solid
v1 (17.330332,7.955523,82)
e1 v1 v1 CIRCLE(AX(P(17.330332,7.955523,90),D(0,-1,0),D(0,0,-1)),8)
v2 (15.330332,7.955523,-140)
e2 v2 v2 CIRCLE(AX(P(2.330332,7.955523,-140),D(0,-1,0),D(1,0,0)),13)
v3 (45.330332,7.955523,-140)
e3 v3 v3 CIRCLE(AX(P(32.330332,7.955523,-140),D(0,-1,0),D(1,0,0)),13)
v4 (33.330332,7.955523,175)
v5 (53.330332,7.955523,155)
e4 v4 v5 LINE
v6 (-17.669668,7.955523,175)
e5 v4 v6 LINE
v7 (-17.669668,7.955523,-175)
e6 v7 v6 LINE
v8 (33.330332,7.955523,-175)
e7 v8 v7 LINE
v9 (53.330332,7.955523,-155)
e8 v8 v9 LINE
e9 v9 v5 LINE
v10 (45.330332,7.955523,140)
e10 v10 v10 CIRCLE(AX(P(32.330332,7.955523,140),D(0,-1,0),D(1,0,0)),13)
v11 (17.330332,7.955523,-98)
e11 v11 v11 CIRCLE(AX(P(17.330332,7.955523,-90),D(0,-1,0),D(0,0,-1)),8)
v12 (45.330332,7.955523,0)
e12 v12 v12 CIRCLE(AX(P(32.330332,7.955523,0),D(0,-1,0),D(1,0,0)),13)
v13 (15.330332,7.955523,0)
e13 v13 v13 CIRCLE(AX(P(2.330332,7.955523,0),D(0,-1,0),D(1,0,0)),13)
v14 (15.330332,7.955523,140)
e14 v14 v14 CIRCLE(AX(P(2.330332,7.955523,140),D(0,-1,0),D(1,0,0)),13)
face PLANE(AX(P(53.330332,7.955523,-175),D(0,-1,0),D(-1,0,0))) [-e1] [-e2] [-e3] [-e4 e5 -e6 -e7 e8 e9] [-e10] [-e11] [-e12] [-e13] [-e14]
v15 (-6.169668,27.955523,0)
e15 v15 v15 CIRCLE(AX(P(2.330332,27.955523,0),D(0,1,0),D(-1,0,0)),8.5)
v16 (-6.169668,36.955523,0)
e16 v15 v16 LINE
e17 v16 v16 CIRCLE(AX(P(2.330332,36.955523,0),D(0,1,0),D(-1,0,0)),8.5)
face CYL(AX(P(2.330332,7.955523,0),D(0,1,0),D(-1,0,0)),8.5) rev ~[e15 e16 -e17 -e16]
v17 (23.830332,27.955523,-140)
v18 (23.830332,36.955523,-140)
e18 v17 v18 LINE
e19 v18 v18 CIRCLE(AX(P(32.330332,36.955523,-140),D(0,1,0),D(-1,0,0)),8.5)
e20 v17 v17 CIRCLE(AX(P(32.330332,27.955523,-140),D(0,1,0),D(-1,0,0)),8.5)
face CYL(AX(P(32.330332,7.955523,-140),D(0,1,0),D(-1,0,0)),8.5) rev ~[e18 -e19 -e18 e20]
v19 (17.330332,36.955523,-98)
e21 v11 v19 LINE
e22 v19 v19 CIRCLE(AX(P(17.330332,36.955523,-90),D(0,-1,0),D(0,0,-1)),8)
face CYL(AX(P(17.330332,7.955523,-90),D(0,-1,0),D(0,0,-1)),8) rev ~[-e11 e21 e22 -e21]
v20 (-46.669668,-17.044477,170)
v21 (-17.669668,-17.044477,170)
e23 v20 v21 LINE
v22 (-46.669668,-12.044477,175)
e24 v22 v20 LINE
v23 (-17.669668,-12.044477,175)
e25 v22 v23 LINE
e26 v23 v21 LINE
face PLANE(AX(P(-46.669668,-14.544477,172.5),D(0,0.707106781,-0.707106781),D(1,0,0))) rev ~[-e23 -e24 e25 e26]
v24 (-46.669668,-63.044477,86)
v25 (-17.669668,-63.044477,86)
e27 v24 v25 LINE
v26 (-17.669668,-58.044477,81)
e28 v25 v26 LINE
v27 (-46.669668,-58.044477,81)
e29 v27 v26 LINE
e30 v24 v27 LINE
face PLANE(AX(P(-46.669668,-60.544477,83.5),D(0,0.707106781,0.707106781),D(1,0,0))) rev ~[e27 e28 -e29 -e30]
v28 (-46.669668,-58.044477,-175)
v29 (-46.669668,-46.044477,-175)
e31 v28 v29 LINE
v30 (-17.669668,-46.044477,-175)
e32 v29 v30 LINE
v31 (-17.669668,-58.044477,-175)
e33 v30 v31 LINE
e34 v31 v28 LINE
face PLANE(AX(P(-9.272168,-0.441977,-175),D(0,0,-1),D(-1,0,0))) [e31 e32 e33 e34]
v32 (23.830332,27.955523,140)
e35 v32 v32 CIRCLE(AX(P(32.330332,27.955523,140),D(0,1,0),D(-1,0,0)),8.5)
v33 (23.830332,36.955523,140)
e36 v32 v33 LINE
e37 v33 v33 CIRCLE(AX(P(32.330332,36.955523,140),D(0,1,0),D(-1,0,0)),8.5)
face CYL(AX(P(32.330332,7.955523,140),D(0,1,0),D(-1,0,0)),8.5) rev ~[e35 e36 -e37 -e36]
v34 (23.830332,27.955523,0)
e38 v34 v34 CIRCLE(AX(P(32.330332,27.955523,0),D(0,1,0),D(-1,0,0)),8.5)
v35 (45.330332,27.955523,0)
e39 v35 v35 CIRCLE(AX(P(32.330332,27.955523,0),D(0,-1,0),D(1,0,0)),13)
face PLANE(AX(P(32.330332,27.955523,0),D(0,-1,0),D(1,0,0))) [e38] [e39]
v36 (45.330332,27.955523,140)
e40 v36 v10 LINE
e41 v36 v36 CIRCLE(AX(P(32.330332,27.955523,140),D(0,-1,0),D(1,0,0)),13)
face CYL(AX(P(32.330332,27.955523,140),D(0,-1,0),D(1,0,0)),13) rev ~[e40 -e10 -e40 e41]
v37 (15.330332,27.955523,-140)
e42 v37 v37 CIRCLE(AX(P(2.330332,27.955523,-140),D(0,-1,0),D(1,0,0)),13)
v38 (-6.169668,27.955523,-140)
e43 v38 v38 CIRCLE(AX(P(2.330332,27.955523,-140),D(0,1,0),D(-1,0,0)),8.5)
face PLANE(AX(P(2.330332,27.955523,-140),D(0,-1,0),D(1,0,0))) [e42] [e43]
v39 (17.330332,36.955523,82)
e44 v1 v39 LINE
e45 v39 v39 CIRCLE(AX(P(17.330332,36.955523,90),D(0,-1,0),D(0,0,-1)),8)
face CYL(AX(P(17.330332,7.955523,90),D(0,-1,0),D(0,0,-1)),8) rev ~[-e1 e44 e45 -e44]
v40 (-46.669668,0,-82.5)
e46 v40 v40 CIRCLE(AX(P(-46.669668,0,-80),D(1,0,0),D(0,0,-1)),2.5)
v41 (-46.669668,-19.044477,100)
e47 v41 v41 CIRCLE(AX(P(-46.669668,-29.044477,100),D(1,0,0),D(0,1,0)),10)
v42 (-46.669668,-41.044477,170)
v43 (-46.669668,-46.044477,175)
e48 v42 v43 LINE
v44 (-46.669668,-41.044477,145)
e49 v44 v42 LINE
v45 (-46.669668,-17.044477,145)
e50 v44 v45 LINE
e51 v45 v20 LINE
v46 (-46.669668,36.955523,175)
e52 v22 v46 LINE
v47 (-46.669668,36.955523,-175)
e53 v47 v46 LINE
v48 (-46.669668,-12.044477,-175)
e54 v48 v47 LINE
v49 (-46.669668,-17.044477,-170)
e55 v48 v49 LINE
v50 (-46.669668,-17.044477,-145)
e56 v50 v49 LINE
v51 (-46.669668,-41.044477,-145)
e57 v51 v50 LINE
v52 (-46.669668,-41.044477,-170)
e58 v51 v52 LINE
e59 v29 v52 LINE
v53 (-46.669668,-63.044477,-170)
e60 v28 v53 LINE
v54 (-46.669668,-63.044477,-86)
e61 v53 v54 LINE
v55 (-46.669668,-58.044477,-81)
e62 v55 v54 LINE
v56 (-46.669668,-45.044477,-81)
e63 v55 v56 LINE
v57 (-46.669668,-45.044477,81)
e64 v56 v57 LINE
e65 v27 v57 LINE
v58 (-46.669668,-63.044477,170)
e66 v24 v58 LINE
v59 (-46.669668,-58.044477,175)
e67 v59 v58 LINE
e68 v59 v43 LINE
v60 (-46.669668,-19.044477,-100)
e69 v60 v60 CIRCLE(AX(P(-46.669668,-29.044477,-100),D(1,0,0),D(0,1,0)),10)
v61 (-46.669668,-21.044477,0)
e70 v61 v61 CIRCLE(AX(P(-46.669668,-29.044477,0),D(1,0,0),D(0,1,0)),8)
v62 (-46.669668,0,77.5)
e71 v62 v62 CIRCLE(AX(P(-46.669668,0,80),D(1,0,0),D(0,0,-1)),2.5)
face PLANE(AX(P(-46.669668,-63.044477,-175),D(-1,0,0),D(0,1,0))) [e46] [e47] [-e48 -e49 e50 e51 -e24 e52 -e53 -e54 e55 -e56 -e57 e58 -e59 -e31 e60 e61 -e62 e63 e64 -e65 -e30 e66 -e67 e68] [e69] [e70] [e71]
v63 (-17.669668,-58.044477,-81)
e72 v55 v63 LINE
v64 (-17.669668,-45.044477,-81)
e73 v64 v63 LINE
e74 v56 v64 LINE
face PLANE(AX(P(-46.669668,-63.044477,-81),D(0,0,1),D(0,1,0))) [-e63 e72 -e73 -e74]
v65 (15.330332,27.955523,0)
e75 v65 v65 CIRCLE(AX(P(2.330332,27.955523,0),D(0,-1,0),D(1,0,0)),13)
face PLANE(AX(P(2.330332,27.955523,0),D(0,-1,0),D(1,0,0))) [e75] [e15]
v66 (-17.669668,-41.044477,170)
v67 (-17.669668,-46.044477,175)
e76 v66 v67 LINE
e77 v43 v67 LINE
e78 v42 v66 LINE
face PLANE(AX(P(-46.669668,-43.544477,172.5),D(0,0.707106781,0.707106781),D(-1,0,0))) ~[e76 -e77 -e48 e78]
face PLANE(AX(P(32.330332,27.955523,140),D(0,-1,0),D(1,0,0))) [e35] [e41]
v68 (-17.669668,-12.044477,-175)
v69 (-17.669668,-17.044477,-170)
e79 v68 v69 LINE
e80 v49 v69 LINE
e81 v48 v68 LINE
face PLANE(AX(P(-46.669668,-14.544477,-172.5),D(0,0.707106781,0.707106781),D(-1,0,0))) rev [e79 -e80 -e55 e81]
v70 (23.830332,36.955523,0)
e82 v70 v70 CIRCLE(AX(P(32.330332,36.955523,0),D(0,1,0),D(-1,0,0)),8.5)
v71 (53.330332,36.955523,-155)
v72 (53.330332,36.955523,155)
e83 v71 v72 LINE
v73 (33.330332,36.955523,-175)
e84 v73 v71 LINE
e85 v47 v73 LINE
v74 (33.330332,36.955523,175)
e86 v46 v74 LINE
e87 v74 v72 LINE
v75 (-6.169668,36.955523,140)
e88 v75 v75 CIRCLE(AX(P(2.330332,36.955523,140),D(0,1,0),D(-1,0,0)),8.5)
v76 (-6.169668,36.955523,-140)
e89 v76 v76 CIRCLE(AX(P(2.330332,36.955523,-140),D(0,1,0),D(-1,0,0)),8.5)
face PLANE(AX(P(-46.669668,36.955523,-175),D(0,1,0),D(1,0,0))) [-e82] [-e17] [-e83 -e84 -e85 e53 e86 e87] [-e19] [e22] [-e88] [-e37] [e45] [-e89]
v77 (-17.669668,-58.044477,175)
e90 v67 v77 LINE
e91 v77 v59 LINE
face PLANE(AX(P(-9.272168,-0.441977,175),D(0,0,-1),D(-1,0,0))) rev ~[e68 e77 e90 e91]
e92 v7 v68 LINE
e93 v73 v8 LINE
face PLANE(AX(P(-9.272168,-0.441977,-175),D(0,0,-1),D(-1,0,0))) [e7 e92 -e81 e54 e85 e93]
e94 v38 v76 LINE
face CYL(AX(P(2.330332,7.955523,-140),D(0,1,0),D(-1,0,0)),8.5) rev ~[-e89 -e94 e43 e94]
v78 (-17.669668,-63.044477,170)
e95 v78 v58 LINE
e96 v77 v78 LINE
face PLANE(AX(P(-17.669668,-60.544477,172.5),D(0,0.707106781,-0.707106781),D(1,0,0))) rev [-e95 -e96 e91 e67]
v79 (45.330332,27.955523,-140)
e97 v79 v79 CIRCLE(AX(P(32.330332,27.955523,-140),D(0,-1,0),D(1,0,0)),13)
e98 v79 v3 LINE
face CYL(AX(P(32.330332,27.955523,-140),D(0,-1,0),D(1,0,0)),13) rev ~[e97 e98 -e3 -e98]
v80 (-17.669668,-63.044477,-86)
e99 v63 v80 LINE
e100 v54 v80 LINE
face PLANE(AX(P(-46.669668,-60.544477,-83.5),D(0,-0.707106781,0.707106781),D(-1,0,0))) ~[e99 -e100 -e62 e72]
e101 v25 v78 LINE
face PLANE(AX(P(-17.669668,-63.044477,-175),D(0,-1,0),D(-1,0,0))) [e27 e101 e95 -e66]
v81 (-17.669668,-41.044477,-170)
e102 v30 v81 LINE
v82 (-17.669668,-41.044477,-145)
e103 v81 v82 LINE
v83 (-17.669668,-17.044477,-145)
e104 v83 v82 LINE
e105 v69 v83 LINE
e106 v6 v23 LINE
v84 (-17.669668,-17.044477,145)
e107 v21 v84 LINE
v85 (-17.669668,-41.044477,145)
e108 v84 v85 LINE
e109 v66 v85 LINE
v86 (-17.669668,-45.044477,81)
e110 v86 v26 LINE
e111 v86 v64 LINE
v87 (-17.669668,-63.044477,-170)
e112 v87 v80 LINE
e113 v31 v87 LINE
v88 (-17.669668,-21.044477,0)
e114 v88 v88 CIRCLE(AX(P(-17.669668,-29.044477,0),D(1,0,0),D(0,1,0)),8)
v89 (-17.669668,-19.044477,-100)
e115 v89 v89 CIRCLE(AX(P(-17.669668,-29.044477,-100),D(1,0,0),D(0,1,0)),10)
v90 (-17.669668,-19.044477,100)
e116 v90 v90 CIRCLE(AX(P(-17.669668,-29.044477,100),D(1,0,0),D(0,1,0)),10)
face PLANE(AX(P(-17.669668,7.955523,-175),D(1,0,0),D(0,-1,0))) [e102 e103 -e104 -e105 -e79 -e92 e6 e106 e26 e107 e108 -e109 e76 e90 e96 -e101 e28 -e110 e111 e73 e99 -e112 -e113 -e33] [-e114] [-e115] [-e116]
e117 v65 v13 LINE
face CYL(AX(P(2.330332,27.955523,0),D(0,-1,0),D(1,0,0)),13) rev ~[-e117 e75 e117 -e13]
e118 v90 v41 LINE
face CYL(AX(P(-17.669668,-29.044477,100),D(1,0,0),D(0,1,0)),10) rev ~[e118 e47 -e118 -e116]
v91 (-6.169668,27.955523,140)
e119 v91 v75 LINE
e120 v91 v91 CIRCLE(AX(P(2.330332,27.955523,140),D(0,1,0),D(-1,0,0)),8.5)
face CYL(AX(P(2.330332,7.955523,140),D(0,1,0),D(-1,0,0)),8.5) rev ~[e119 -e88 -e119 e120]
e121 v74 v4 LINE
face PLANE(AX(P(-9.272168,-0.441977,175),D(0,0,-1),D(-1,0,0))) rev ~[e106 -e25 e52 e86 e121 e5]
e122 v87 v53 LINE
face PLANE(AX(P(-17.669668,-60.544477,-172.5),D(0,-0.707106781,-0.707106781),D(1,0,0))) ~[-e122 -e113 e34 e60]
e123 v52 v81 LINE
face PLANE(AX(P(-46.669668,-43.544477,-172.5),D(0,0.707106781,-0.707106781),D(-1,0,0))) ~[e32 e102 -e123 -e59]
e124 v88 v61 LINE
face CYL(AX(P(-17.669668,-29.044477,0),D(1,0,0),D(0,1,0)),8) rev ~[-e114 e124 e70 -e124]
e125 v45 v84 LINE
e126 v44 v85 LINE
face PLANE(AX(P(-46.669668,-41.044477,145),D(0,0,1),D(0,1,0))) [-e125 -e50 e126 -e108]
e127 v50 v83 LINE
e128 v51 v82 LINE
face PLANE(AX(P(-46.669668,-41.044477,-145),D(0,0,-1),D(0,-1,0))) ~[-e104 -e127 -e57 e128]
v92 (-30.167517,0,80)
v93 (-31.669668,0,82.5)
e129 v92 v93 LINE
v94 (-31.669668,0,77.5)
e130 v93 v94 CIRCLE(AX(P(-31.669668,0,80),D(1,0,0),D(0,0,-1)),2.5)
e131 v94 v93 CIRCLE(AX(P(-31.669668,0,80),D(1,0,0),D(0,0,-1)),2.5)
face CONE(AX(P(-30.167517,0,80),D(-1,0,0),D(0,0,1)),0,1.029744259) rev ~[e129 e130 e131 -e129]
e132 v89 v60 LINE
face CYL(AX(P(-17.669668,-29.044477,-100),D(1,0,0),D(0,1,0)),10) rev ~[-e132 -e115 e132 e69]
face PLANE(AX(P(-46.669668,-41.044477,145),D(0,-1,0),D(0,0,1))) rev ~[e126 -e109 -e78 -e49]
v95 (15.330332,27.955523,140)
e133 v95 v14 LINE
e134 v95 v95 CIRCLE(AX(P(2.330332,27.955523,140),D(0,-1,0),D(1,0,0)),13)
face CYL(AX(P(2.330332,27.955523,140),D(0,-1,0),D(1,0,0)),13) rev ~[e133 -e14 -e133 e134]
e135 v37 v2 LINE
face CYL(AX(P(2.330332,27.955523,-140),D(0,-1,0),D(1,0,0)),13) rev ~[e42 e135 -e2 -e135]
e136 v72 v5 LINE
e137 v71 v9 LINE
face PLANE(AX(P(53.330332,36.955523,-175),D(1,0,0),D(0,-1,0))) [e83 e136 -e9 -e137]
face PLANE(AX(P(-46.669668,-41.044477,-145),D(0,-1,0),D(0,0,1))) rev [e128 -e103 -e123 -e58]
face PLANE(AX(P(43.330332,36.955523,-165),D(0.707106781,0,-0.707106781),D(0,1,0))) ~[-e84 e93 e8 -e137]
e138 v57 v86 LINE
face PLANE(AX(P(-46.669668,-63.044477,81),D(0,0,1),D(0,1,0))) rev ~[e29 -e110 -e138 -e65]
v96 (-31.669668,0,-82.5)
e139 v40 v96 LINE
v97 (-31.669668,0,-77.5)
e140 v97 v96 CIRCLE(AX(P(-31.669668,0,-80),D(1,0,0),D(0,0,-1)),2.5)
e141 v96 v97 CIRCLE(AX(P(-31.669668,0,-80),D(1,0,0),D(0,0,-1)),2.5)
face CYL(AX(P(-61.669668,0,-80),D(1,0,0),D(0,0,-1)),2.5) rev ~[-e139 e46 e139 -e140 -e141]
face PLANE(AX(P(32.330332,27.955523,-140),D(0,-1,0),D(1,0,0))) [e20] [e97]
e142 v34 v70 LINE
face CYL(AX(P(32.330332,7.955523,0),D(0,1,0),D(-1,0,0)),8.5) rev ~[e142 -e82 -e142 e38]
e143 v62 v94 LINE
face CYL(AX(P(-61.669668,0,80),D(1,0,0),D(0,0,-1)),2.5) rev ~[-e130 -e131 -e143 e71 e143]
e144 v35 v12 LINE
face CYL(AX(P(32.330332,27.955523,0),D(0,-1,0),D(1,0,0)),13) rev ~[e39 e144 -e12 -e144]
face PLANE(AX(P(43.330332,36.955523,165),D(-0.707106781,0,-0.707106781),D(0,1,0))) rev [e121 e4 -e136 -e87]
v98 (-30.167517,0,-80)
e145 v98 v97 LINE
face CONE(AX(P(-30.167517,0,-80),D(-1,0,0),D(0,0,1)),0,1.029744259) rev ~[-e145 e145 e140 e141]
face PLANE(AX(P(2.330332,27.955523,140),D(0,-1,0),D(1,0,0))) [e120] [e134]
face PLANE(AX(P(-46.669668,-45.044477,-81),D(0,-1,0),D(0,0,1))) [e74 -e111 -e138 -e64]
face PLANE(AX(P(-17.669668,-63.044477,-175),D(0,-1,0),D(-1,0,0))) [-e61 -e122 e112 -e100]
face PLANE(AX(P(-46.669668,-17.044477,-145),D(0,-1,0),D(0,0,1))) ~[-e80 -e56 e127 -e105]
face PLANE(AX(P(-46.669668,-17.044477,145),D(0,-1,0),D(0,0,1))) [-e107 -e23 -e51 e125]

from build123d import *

# Parameters (mm, degrees)
EXTRUDE_1_DEPTH               = 175
EXTRUDE_1_DEPTH_BACK          = 175
SKETCH_2_W                    = 30
SKETCH_2_H                    = 24
CUT_EXTRUDE_1_DEPTH           = 212.186188109
SKETCH_3_R                    = 8
SKETCH_3_R_2                  = 10
CUT_EXTRUDE_2_DEPTH           = 200.099487814
SKETCH_4_W                    = 162
SKETCH_4_H                    = 18
CUT_EXTRUDE_3_DEPTH           = 212.186188109
SKETCH_9_R                    = 8
CUT_EXTRUDE_8_DEPTH           = 197.23996604
CHAMFER_1_SIZE                = 20
CHAMFER_2_SIZE                = 5
HOLE_WIZARD_M16_1_D           = 17
HOLE_WIZARD_M16_1_CBORE_D     = 26
HOLE_WIZARD_M16_1_CBORE_DEPTH = 20
PATTERN_LINEAR_1_COUNT        = 3
PATTERN_LINEAR_1_PITCH        = 140
PATTERN_LINEAR_1_COUNT_DIR2   = 2
PATTERN_LINEAR_1_PITCH_DIR2   = 30
M6X1_0_1_D                    = 5
M6X1_0_1_DEPTH                = 15
M6X1_0_1_TIP                  = 1.502151548


with BuildPart() as part:
    # 草图1 → 拉伸1 (new, two sides: drawn at the far end of the back side and taken through both)
    with BuildSketch(Plane.XY.offset(-EXTRUDE_1_DEPTH_BACK)):
        Polygon((-46.669668375, 36.955523256), (53.330331625, 36.955523256), (53.330331625, 7.955523256), (-17.669668375, 7.955523256), (-17.669668375, -63.044476744), (-46.669668375, -63.044476744), align=None)
    extrude(amount=EXTRUDE_1_DEPTH + EXTRUDE_1_DEPTH_BACK)

    # 草图2 → 切除-拉伸1 (cut, through all)
    with BuildSketch(Plane.ZY.offset(46.669668375)):
        with Locations((160, -29.044476744)):
            Rectangle(SKETCH_2_W, SKETCH_2_H)
    cut_extrude_1 = extrude(amount=-CUT_EXTRUDE_1_DEPTH, mode=Mode.SUBTRACT)

    # 镜向1: 切除-拉伸1 across plane
    add(cut_extrude_1.mirror(Plane.XY), mode=Mode.SUBTRACT)

    # 草图3 → 切除-拉伸2 (cut, through all)
    with BuildSketch(Plane(origin=(-17.669668375, 0, 0), x_dir=(0, 0, -1), z_dir=(1, 0, 0))):
        with Locations(Location((0, -29.044476744, 0), (0, 0, 90))):
            Circle(SKETCH_3_R)
        with Locations(Location((100, -29.044476744, 0), (0, 0, 90))):
            Circle(SKETCH_3_R_2)
        with Locations(Location((-100, -29.044476744, 0), (0, 0, 90))):
            Circle(SKETCH_3_R_2)
    extrude(amount=-CUT_EXTRUDE_2_DEPTH, mode=Mode.SUBTRACT)

    # 草图4 → 切除-拉伸3 (cut, through all)
    with BuildSketch(Plane.ZY.offset(46.669668375)):
        with Locations((0, -54.044476744)):
            Rectangle(SKETCH_4_W, SKETCH_4_H)
    extrude(amount=-CUT_EXTRUDE_3_DEPTH, mode=Mode.SUBTRACT)

    # 草图9 → 切除-拉伸8 (cut, through all)
    with BuildSketch(Plane.XZ.offset(-7.955523256)):
        with Locations(Location((17.330331625, -90, 0), (0, 0, 270))):
            Circle(SKETCH_9_R)
        with Locations(Location((17.330331625, 90, 0), (0, 0, 270))):
            Circle(SKETCH_9_R)
    extrude(amount=-CUT_EXTRUDE_8_DEPTH, mode=Mode.SUBTRACT)

    # 倒角1
    chamfer_1_edges = [part.edges().sort_by_distance(p)[0] for p in [
        (53.330331625, 22.455523256, -175),
        (53.330331625, 22.455523256, 175),
    ]]
    chamfer(chamfer_1_edges, length=CHAMFER_1_SIZE)

    # 倒角2
    chamfer_2_edges = [part.edges().sort_by_distance(p)[0] for p in [
        (-32.169668375, -63.044476744, 175),
        (-32.169668375, -63.044476744, -175),
        (-32.169668375, -17.044476744, 175),
        (-32.169668375, -41.044476744, 175),
        (-32.169668375, -41.044476744, -175),
        (-32.169668375, -17.044476744, -175),
        (-32.169668375, -63.044476744, -81),
        (-32.169668375, -63.044476744, 81),
    ]]
    chamfer(chamfer_2_edges, length=CHAMFER_2_SIZE)

    # M16 六角凹头螺钉的柱形沉头孔1 (through all)
    with Locations(Plane.XZ.offset(-7.955523256)):
        with Locations((2.330331625, -140)):
            hole_wizard_m16_1 = CounterBoreHole(HOLE_WIZARD_M16_1_D / 2, HOLE_WIZARD_M16_1_CBORE_D / 2, HOLE_WIZARD_M16_1_CBORE_DEPTH)

    # 阵列(线性)1: Hole Wizard M16 _1 3 × 2
    with Locations(*[(j * PATTERN_LINEAR_1_PITCH_DIR2, 0, i * PATTERN_LINEAR_1_PITCH) for i in range(PATTERN_LINEAR_1_COUNT) for j in range(PATTERN_LINEAR_1_COUNT_DIR2) if (i, j) != (0, 0)]):
        add(hole_wizard_m16_1, mode=Mode.SUBTRACT)

    # M6x1.0 螺纹孔1
    with Locations(Plane.ZY.offset(46.669668375)):
        with Locations((80, 0), (-80, 0)):
            Hole(M6X1_0_1_D / 2, depth=M6X1_0_1_DEPTH)
            with Locations((0, 0, -(M6X1_0_1_DEPTH + M6X1_0_1_TIP / 2))):  # 118° drill point
                Cone(0, M6X1_0_1_D / 2, M6X1_0_1_TIP, mode=Mode.SUBTRACT)


solid = part.part
